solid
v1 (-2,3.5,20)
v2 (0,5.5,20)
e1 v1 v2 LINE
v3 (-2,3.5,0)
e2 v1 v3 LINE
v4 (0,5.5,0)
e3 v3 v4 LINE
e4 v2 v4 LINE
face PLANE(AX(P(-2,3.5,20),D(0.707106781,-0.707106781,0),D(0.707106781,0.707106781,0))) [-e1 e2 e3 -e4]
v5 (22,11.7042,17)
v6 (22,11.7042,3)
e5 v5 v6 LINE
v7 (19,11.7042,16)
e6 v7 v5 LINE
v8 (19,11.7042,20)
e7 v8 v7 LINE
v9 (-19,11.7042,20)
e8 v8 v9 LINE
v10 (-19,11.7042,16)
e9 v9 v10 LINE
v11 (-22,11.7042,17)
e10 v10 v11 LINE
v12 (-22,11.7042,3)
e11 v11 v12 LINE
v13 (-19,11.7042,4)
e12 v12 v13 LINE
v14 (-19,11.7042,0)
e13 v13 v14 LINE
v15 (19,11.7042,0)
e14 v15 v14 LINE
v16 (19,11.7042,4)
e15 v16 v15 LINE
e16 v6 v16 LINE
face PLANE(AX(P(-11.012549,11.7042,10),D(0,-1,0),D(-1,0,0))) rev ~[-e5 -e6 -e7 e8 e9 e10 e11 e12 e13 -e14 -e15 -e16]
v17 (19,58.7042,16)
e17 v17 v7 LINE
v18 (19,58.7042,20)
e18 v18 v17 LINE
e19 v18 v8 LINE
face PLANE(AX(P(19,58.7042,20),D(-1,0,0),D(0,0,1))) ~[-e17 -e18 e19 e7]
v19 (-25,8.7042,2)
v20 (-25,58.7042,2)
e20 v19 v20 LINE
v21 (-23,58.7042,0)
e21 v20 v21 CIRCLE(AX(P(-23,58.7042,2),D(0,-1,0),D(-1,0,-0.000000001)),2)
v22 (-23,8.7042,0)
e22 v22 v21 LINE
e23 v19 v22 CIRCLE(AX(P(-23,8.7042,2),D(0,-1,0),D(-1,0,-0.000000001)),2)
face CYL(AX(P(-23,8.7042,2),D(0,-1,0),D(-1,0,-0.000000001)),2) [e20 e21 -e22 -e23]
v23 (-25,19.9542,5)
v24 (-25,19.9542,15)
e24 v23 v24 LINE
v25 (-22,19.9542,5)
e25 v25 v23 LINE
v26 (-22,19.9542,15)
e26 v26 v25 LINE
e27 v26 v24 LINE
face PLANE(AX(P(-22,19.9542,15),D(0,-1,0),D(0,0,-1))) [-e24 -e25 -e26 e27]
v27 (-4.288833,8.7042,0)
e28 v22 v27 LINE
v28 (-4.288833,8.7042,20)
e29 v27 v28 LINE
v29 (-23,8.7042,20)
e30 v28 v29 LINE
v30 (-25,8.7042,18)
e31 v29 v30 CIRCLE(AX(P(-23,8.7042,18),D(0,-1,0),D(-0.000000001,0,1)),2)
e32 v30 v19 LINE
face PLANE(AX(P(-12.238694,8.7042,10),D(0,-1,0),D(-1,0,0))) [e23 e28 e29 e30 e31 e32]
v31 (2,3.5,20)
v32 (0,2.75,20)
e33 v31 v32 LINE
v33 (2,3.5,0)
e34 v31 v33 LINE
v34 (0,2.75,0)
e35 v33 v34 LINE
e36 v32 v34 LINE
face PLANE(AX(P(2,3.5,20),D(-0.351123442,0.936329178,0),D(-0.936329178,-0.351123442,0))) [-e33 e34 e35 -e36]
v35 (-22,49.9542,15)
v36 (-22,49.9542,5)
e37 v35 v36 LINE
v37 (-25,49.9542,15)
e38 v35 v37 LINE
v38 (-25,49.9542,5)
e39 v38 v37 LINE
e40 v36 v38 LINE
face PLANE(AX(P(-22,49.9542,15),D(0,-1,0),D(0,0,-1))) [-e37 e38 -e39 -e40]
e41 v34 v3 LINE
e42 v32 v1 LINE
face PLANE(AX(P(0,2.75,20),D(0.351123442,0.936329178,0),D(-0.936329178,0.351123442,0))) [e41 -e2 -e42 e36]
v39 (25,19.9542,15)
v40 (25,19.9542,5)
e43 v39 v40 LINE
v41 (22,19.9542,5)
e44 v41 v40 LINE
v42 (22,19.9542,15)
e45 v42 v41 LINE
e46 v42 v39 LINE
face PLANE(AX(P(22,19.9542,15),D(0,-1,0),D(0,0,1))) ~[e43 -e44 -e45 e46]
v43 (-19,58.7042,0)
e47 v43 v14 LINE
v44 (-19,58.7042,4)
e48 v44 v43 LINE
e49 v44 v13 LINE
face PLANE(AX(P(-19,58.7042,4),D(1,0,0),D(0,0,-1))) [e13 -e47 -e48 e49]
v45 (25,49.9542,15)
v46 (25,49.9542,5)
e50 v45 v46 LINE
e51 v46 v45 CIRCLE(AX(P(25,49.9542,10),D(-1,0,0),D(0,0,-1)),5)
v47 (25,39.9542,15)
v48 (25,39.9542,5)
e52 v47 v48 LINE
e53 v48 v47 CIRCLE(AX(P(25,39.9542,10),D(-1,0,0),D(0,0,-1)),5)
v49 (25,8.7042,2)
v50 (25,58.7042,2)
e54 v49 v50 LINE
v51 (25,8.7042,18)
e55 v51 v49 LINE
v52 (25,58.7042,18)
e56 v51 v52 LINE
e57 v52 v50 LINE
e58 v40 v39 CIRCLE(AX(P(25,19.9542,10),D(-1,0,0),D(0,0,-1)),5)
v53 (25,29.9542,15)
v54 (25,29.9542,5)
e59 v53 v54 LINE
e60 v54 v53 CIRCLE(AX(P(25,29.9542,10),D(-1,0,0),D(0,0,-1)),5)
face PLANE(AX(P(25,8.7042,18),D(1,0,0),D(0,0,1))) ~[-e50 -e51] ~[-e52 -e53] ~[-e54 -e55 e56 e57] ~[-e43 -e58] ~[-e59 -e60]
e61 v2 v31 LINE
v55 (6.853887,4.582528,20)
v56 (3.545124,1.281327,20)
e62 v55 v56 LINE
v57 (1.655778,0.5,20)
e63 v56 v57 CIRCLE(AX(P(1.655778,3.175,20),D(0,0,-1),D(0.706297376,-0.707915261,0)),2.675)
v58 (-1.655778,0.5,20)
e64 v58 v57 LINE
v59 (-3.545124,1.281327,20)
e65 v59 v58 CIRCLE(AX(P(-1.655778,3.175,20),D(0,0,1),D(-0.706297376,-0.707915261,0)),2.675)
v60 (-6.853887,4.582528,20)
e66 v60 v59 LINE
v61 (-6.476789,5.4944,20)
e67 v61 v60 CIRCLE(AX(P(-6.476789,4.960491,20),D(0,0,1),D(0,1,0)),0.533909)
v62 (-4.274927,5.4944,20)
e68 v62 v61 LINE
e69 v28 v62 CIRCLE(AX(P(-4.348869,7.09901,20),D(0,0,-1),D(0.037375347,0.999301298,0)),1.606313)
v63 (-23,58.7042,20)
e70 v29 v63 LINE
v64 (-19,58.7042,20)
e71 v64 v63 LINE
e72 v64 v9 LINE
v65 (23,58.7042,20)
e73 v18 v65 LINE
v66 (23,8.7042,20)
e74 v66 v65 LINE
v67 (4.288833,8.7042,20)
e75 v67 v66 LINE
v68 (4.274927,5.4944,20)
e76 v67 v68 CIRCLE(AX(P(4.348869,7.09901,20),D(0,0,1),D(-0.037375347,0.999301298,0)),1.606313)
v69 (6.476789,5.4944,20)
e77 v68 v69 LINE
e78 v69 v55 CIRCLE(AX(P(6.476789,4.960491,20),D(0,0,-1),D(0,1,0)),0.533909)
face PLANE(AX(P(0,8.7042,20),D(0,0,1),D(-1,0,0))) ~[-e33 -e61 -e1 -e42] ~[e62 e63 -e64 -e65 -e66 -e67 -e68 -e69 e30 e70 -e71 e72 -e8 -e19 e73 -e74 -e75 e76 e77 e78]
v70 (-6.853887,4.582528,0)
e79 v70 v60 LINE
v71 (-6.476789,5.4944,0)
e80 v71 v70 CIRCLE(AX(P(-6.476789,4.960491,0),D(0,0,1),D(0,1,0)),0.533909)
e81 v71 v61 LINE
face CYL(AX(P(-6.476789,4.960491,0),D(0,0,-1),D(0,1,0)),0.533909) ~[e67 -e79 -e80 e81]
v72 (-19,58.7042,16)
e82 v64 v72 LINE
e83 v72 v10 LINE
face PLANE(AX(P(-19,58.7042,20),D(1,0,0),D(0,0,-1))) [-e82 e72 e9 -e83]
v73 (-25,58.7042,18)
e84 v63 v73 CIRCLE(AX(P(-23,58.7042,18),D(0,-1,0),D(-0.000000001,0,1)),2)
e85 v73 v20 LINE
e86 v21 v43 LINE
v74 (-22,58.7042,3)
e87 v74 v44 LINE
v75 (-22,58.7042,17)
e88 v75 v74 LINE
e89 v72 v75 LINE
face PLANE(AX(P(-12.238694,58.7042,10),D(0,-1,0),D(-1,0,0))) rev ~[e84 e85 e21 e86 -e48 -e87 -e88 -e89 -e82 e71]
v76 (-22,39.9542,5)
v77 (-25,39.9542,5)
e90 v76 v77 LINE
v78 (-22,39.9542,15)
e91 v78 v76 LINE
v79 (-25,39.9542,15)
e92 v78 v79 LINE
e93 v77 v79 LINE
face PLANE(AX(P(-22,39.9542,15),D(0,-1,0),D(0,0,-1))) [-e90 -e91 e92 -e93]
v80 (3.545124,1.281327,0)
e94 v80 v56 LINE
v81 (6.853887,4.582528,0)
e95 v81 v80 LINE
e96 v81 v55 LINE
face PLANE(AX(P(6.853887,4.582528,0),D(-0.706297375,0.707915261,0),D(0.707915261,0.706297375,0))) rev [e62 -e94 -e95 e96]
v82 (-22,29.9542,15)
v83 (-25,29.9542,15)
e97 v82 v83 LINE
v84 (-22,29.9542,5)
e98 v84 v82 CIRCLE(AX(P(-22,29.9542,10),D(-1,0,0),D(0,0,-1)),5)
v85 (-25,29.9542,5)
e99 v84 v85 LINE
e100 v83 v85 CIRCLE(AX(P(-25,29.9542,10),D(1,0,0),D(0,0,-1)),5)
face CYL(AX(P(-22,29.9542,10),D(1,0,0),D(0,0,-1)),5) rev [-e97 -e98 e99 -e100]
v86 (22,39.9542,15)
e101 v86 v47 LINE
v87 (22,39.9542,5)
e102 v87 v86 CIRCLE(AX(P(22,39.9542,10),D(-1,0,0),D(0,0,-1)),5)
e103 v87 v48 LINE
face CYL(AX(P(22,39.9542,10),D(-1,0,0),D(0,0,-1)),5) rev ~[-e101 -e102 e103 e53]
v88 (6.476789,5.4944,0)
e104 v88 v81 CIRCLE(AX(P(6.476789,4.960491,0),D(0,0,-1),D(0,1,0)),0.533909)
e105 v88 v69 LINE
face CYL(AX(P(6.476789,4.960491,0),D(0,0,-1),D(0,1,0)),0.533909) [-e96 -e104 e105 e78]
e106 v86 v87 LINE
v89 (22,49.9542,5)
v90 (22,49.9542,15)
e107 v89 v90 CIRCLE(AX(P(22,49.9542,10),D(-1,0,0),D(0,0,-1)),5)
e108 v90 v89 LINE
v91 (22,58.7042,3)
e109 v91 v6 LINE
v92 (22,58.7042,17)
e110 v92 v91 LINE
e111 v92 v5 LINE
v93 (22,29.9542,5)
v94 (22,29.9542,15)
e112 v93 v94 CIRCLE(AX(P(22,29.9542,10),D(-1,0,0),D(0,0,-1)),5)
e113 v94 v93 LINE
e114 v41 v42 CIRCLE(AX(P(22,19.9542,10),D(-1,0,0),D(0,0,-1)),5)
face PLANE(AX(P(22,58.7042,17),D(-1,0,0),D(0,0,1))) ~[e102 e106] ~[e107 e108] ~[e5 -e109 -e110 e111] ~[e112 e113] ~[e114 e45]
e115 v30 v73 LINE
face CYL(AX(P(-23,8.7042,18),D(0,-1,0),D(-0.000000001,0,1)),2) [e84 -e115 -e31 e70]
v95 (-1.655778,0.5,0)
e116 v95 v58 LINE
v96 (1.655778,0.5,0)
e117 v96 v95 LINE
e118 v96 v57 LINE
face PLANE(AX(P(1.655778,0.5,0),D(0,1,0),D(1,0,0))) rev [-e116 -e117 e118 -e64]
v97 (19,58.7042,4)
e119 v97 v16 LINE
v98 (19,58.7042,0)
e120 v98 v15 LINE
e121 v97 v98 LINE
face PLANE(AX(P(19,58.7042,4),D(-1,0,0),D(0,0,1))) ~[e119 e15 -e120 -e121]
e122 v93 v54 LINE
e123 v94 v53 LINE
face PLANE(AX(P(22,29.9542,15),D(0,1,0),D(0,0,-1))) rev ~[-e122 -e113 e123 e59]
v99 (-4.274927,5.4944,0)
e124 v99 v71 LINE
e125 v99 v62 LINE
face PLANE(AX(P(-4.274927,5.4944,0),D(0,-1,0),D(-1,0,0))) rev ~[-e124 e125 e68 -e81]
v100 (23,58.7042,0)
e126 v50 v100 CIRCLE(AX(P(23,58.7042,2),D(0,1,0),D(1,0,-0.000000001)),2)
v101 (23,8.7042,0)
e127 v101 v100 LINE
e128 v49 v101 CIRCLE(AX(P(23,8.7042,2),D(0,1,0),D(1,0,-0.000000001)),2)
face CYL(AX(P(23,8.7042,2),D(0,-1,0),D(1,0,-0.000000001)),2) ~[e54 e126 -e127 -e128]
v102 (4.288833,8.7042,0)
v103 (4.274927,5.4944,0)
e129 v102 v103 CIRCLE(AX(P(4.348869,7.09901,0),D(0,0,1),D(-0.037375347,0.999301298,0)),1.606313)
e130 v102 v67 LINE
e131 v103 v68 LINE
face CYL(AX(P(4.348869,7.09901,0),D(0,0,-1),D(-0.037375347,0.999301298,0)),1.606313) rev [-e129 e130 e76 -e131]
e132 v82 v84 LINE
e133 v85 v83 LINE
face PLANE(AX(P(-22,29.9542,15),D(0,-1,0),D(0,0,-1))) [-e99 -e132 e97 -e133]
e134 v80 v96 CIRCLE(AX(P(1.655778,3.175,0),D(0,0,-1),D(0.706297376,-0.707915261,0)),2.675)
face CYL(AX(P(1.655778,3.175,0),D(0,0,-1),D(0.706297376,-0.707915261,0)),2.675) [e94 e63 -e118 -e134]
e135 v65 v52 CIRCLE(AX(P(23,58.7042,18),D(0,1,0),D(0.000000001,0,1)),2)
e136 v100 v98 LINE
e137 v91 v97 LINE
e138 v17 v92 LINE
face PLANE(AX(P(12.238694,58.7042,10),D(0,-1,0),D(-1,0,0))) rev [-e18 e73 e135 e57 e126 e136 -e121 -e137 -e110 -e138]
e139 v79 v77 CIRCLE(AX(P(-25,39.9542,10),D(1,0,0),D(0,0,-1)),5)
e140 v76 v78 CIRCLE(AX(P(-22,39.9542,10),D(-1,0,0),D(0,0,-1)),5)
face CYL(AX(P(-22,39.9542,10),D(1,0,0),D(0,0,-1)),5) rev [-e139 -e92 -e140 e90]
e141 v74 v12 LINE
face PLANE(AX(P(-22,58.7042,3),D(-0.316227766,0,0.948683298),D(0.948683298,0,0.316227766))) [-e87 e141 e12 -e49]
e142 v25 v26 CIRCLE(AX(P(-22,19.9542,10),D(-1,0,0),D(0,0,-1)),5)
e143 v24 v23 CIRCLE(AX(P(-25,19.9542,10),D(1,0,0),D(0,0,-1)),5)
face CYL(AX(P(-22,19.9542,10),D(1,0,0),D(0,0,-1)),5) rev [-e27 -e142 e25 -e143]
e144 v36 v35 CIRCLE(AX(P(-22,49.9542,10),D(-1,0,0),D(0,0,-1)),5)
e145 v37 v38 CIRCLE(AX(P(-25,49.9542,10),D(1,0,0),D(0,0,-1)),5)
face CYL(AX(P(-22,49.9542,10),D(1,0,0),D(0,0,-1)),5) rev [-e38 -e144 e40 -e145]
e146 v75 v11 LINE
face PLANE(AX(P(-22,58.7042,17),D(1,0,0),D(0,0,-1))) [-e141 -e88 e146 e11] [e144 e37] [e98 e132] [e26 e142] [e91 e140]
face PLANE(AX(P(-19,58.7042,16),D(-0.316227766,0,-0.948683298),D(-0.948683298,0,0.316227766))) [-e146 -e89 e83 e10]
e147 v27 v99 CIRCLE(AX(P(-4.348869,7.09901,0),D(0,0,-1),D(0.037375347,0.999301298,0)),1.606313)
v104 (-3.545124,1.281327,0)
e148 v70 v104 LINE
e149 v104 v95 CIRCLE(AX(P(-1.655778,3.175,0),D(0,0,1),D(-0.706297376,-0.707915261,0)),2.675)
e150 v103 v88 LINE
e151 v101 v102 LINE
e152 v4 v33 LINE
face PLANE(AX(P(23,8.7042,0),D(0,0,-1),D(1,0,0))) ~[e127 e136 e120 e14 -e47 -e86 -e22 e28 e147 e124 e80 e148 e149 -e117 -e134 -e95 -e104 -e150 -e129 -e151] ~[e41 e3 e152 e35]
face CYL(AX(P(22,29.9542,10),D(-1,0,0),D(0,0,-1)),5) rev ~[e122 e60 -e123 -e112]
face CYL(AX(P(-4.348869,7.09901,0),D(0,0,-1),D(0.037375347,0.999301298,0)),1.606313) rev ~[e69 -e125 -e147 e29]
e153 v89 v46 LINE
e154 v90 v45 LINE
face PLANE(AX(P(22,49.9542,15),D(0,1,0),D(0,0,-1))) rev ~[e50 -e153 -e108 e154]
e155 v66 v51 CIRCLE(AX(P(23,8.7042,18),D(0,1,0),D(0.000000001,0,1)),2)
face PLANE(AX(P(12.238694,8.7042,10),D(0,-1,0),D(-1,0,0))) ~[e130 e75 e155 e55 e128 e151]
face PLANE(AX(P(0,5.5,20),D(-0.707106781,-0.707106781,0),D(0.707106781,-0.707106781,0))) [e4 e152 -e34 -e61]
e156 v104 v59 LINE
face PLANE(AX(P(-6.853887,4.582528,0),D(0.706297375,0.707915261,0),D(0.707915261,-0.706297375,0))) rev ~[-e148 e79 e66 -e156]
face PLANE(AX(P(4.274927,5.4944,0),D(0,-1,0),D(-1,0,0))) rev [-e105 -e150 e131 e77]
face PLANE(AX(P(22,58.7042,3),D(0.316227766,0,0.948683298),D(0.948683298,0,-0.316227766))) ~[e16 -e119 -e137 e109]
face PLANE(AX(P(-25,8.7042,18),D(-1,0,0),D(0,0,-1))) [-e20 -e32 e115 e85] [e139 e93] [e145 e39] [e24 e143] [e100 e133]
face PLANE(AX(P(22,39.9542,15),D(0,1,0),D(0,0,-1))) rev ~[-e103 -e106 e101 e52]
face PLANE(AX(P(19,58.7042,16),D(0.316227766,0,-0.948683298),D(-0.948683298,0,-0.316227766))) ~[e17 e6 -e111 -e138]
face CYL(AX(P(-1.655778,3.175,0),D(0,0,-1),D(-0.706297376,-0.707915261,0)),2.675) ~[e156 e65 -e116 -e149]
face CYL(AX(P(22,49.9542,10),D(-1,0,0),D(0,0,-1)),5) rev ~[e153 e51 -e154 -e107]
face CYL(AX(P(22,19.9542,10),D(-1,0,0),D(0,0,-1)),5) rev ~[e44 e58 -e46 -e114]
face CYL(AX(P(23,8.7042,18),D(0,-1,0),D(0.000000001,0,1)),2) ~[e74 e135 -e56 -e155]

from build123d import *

# Parameters (mm, degrees)
BOSS_EXTRUDE1_DEPTH  = 20
BOSS_EXTRUDE2_DEPTH  = 50
CUT_EXTRUDE1_DEPTH   = 47
CUT_EXTRUDE2_DEPTH   = 4
LPATTERN1_COUNT      = 4
LPATTERN1_PITCH      = 10
MIRROR2_COPY_1_DEPTH = 4
MIRROR2_COPY_2_DEPTH = 4
MIRROR2_COPY_3_DEPTH = 4
CUT_EXTRUDE3_DEPTH   = 30


with BuildPart() as part:
    # Sketch1 → Boss-Extrude1 (new body)
    with BuildSketch(Plane.XY):
        with BuildLine():
            ThreePointArc((-4.288832517, 8.7042), (-2.742571539, 7.105968455), (-4.274927306, 5.4944))
            Line((-4.274927306, 5.4944), (-6.476788598, 5.4944))
            ThreePointArc((-6.476788598, 5.4944), (-6.970173245, 5.164526769), (-6.853887321, 4.582528193))
            Line((-6.853887321, 4.582528193), (-3.545123878, 1.281326675))
            ThreePointArc((-3.545123878, 1.281326675), (-2.678042762, 0.703037101), (-1.655778399, 0.5))
            Line((-1.655778399, 0.5), (0, 0.5))
            Line((0, 0.5), (0, 8.7042))
            Line((0, 8.7042), (-4.288832517, 8.7042))
        make_face()
    boss_extrude1 = extrude(amount=BOSS_EXTRUDE1_DEPTH)

    # Sketch2 → Boss-Extrude2 (add)
    with BuildSketch(Plane(origin=(0, 8.7042, 0), x_dir=(1, 0, 0), z_dir=(0, 1, 0))):
        with BuildLine():
            Line((0, -20), (-23, -20))
            ThreePointArc((-23, -20), (-24.414213562, -19.414213562), (-25, -18))
            Line((-25, -18), (-25, -2))
            ThreePointArc((-25, -2), (-24.414213562, -0.585786438), (-23, 0))
            Line((-23, 0), (0, 0))
            Line((0, 0), (0, -20))
        make_face()
    boss_extrude2 = extrude(amount=BOSS_EXTRUDE2_DEPTH)

    # Sketch4 → Cut-Extrude1 (cut)
    with BuildSketch(Plane(origin=(0, 58.7042, 0), x_dir=(1, 0, 0), z_dir=(0, 1, 0))):
        Polygon((-22, -17), (-22, -3), (-19, -4), (-19, 0), (0, 0), (0, -20), (-19, -20), (-19, -16), align=None)
    cut_extrude1 = extrude(amount=-CUT_EXTRUDE1_DEPTH, mode=Mode.SUBTRACT)

    # Sketch6 → Cut-Extrude2 (cut, through all)
    with BuildSketch(Plane(origin=(-22, 0, 0), x_dir=(0, 0, -1), z_dir=(1, 0, 0))):
        with BuildLine():
            Line((-15, 19.9542), (-5, 19.9542))
            ThreePointArc((-5, 19.9542), (-10, 14.9542), (-15, 19.9542))
        make_face()
    cut_extrude2 = extrude(amount=-CUT_EXTRUDE2_DEPTH, mode=Mode.SUBTRACT)

    # LPattern1: Cut-Extrude2 ×4
    with Locations(*[(0, i * LPATTERN1_PITCH, 0) for i in range(1, LPATTERN1_COUNT)]):
        add(cut_extrude2, mode=Mode.SUBTRACT)

    # Mirror2: Boss-Extrude1, Boss-Extrude2, Cut-Extrude1, Cut-Extrude2 across Right Plane
    add(boss_extrude1.mirror(Plane(origin=(0, 0, 0), x_dir=(0, 0, -1), z_dir=(1, 0, 0))))
    add(boss_extrude2.mirror(Plane(origin=(0, 0, 0), x_dir=(0, 0, -1), z_dir=(1, 0, 0))))
    add(cut_extrude1.mirror(Plane(origin=(0, 0, 0), x_dir=(0, 0, -1), z_dir=(1, 0, 0))), mode=Mode.SUBTRACT)
    add(cut_extrude2.mirror(Plane(origin=(0, 0, 0), x_dir=(0, 0, -1), z_dir=(1, 0, 0))), mode=Mode.SUBTRACT)

    # Mirror2 copy 1 sketch → Mirror2 copy 1 (cut, through all)
    with BuildSketch(Plane(origin=(22, 10, 0), x_dir=(0, 0, -1), z_dir=(-1, 0, 0))):
        with BuildLine():
            Line((-15, -19.9542), (-5, -19.9542))
            ThreePointArc((-5, -19.9542), (-10, -14.9542), (-15, -19.9542))
        make_face()
    extrude(amount=-MIRROR2_COPY_1_DEPTH, mode=Mode.SUBTRACT)

    # Mirror2 copy 2 sketch → Mirror2 copy 2 (cut, through all)
    with BuildSketch(Plane(origin=(22, 20, 0), x_dir=(0, 0, -1), z_dir=(-1, 0, 0))):
        with BuildLine():
            Line((-15, -19.9542), (-5, -19.9542))
            ThreePointArc((-5, -19.9542), (-10, -14.9542), (-15, -19.9542))
        make_face()
    extrude(amount=-MIRROR2_COPY_2_DEPTH, mode=Mode.SUBTRACT)

    # Mirror2 copy 3 sketch → Mirror2 copy 3 (cut, through all)
    with BuildSketch(Plane(origin=(22, 30, 0), x_dir=(0, 0, -1), z_dir=(-1, 0, 0))):
        with BuildLine():
            Line((-15, -19.9542), (-5, -19.9542))
            ThreePointArc((-5, -19.9542), (-10, -14.9542), (-15, -19.9542))
        make_face()
    extrude(amount=-MIRROR2_COPY_3_DEPTH, mode=Mode.SUBTRACT)

    # Sketch7 → Cut-Extrude3 (cut)
    with BuildSketch(Plane.XY.offset(20)):
        Polygon((-2, 3.5), (0, 5.5), (2, 3.5), (0, 2.75), align=None)
    extrude(amount=-CUT_EXTRUDE3_DEPTH, mode=Mode.SUBTRACT)


solid = part.part
